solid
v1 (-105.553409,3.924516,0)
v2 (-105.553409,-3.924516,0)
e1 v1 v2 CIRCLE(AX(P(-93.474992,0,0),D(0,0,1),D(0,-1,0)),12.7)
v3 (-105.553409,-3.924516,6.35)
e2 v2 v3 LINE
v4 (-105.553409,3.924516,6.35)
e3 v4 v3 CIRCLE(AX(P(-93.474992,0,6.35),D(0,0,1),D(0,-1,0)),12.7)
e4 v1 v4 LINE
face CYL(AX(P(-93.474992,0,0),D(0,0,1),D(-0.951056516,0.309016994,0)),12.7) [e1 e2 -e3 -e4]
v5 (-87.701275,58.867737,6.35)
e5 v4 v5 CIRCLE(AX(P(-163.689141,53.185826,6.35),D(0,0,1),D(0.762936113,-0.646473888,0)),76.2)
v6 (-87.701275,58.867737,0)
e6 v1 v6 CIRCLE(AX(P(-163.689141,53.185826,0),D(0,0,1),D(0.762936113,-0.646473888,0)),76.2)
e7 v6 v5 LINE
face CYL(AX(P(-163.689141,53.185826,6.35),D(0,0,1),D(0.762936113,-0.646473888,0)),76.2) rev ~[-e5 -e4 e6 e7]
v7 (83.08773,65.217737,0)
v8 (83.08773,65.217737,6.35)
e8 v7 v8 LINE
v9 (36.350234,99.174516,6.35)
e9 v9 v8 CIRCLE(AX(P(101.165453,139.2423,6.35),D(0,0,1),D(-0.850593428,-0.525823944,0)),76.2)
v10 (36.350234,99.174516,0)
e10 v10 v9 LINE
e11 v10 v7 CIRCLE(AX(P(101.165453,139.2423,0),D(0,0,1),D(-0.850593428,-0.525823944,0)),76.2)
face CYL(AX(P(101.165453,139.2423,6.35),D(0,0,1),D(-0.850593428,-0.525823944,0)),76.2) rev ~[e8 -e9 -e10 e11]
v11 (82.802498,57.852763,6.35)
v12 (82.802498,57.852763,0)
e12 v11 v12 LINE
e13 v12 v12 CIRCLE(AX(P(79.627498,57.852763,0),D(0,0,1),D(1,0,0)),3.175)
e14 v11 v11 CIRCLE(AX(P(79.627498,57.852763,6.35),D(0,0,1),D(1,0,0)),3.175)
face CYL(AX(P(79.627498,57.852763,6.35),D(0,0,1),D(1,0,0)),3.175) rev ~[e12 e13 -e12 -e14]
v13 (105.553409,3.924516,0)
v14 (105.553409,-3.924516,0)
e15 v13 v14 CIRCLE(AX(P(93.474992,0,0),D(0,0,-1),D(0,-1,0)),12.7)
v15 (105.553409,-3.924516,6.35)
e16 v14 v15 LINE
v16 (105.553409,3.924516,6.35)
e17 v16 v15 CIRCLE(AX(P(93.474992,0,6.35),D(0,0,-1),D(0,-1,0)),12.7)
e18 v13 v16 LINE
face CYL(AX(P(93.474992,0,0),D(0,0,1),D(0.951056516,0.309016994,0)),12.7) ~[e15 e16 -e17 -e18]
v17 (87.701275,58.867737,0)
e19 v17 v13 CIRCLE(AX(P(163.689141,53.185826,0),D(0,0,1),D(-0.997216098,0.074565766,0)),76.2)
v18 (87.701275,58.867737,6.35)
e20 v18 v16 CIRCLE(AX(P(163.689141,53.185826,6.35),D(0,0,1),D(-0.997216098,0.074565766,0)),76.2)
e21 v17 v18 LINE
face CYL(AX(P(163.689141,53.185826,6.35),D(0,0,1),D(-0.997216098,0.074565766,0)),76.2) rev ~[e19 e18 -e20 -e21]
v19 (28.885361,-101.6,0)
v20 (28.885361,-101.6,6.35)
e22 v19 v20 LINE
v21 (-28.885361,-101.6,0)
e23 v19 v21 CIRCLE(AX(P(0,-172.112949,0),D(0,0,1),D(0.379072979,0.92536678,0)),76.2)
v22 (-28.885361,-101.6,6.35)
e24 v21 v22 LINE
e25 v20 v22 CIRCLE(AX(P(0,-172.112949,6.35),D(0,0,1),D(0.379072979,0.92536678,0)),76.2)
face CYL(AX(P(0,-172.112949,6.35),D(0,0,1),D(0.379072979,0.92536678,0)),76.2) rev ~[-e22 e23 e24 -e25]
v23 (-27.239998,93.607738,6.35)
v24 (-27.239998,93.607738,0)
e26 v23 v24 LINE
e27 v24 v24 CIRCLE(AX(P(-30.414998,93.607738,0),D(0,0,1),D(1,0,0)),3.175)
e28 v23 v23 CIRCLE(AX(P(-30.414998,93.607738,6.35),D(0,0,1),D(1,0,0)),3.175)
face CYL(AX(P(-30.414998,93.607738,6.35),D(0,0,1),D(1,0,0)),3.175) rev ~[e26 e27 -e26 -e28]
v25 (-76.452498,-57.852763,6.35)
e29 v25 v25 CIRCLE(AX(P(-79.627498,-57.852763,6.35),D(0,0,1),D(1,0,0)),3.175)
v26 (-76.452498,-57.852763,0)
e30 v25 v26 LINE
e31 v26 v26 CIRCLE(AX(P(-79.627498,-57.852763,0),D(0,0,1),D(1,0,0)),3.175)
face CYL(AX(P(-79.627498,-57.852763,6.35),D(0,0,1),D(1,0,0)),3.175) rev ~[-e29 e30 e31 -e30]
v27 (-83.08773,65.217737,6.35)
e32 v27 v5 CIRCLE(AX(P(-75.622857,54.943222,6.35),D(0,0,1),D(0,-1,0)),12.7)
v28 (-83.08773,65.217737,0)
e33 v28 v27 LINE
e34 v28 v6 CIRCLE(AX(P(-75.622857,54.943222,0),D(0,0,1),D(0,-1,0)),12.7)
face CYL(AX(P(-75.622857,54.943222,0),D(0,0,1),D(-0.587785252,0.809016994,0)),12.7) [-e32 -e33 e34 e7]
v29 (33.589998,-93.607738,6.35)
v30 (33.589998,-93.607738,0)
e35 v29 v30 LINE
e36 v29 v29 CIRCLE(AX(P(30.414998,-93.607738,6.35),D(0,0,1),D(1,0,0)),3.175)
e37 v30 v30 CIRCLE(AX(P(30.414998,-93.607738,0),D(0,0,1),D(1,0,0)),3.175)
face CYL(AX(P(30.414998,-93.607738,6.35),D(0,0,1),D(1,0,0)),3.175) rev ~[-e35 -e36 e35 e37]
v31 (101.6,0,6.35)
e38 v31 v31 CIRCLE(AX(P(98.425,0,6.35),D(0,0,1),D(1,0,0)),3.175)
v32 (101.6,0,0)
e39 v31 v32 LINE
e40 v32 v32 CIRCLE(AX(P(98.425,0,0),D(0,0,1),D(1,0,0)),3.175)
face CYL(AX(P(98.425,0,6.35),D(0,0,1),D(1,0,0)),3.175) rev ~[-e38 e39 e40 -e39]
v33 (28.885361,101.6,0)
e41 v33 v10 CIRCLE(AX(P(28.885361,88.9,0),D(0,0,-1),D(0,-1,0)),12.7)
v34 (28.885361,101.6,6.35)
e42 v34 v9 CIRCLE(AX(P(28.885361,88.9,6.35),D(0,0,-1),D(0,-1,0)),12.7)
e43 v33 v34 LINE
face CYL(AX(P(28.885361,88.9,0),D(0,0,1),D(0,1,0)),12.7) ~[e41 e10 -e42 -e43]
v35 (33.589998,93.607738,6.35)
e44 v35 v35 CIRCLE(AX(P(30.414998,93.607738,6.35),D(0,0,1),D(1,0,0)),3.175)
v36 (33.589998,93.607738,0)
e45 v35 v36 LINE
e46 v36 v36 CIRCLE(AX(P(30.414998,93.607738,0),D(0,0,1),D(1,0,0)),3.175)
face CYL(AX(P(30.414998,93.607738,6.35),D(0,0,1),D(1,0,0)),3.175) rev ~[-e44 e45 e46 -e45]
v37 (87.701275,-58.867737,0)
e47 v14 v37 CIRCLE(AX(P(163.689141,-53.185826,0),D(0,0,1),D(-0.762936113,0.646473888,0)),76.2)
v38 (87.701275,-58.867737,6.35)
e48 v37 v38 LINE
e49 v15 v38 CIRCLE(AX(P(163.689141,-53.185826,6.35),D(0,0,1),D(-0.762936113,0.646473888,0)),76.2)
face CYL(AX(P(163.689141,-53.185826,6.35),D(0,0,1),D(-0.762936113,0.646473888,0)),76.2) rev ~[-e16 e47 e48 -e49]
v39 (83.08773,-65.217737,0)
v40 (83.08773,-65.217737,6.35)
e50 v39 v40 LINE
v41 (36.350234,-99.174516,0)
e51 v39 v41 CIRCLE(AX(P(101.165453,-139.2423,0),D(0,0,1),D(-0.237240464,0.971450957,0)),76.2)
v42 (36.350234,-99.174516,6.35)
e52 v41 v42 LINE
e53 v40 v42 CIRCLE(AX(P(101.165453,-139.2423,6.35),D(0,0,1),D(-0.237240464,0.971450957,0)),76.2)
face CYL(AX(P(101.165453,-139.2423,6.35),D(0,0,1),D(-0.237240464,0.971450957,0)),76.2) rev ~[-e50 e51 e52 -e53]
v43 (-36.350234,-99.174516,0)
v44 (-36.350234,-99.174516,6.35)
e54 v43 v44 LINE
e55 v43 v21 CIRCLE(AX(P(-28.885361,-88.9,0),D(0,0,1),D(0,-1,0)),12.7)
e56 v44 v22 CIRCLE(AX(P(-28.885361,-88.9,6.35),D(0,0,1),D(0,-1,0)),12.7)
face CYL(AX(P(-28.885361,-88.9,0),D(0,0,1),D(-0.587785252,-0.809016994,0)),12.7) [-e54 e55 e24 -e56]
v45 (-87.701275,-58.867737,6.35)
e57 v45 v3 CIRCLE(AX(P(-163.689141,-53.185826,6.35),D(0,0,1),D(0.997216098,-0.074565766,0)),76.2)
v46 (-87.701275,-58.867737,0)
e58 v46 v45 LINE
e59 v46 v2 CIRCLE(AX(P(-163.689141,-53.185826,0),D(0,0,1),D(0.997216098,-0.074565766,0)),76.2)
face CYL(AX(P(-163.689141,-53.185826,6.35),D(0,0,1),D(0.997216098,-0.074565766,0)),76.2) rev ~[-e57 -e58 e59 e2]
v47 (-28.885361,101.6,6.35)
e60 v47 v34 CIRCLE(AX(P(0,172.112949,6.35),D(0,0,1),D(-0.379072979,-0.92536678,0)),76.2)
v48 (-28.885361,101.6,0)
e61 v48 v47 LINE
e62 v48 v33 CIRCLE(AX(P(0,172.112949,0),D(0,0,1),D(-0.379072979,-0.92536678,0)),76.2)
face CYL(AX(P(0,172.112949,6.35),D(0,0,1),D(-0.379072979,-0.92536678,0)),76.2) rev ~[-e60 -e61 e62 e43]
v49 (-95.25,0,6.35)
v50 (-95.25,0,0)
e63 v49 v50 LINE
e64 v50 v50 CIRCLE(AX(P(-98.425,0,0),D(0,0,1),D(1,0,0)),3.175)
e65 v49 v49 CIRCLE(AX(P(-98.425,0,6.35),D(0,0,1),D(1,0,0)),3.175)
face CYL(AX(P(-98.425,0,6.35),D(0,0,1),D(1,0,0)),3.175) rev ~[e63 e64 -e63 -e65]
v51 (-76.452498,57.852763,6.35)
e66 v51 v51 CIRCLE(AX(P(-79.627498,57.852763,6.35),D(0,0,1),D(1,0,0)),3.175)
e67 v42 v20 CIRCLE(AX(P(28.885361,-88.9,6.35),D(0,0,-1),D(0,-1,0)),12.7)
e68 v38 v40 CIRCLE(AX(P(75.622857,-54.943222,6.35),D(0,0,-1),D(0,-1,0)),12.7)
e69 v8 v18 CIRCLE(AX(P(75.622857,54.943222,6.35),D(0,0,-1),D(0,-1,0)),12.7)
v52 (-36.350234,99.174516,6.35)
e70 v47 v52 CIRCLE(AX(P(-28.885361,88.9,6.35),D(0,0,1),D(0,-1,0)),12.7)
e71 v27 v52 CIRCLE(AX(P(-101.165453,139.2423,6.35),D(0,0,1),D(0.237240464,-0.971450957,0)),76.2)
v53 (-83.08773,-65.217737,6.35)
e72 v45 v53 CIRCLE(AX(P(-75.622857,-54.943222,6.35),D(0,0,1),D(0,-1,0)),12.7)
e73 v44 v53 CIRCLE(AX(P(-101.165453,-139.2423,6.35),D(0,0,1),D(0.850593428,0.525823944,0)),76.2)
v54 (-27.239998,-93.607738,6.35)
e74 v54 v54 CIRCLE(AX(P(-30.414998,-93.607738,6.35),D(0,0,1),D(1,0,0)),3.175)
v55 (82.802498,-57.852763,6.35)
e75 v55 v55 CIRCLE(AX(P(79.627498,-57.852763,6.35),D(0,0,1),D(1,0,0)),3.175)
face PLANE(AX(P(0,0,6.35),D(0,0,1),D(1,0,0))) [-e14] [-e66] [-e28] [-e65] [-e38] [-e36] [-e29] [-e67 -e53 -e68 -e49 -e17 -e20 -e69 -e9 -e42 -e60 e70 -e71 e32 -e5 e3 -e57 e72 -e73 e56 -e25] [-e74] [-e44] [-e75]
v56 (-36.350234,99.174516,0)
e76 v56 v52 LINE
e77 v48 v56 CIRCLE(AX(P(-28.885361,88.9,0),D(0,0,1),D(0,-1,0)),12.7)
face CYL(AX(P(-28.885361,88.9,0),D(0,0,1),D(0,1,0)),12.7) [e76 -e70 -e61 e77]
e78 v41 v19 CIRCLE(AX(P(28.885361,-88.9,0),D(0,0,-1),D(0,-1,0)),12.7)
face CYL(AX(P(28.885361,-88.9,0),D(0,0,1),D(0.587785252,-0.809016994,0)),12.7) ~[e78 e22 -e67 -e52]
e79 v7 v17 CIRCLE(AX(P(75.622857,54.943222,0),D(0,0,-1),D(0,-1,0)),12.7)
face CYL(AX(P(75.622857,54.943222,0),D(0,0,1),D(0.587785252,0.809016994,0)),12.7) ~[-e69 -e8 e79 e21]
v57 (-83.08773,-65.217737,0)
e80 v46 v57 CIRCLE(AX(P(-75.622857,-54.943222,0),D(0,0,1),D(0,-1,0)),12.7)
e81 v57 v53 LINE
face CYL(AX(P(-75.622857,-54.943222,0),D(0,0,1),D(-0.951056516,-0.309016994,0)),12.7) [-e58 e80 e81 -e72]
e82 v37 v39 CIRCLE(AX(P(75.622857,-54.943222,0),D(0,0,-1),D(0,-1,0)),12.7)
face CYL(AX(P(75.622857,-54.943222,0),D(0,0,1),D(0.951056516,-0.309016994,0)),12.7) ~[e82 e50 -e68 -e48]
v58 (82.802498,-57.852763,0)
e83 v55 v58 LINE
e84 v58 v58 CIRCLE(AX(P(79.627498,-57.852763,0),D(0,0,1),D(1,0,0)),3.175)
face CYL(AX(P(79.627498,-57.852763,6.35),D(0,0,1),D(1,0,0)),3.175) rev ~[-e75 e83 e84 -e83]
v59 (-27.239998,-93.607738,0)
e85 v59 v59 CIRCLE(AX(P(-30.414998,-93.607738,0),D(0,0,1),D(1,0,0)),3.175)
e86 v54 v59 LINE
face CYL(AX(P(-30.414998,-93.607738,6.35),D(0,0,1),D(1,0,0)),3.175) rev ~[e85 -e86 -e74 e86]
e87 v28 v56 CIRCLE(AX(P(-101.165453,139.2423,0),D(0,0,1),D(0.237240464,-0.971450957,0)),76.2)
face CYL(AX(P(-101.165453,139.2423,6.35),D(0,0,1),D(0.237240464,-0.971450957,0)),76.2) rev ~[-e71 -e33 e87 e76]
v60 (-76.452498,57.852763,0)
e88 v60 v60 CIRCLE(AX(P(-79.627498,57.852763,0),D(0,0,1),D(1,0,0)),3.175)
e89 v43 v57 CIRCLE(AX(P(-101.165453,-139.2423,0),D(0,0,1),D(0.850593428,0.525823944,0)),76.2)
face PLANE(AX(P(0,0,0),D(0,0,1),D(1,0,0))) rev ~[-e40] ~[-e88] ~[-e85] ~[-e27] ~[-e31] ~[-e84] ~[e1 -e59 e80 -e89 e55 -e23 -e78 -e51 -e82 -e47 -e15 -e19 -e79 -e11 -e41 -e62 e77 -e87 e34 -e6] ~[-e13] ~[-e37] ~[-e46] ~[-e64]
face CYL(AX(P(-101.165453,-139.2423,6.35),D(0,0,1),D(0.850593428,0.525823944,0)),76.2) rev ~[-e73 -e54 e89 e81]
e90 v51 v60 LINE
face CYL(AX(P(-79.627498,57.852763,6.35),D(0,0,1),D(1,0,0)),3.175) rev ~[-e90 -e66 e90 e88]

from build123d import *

# Parameters (mm, degrees)
F1_DEPTH = 6.35
F2_R     = 3.175
F3_DEPTH = 6.35
F4_R     = 12.7
F6_DEPTH = 6.35


with BuildPart() as f1:
    # F0 (on Top) → F1 (new body)
    with BuildSketch(Plane.XY):
        Polygon((33.0118411373, 101.6), (-33.0118411373, 101.6), (-86.4261221286, 62.792253257), (-106.8285619826, 0), (-86.4261221286, -62.792253257), (-33.0118411373, -101.6), (33.0118411373, -101.6), (86.4261221286, -62.792253257), (106.8285619826, 0), (86.4261221286, 62.792253257), align=None)
    extrude(amount=F1_DEPTH)

    # F2 (on face) → F3 (cut, through all)
    with BuildSketch(Plane.XY.offset(6.35)):
        with Locations((-30.4149976714, 93.6077376164)):
            Circle(F2_R)
        with Locations((-79.6274976714, 57.8527634569)):
            Circle(F2_R)
        with Locations((-98.425, 0)):
            Circle(F2_R)
        with Locations((-79.6274976714, -57.8527634569)):
            Circle(F2_R)
        with Locations((-30.4149976714, -93.6077376164)):
            Circle(F2_R)
        with Locations((30.4149976714, -93.6077376164)):
            Circle(F2_R)
        with Locations((79.6274976714, -57.8527634569)):
            Circle(F2_R)
        with Locations((98.425, 0)):
            Circle(F2_R)
        with Locations((79.6274976714, 57.8527634569)):
            Circle(F2_R)
        with Locations((30.4149976714, 93.6077376164)):
            Circle(F2_R)
    extrude(amount=-F3_DEPTH, mode=Mode.SUBTRACT)

    # F4
    f4_edges = [f1.edges().sort_by_distance(p)[0] for p in [
        (-86.426122, 62.792253, 3.175),
        (-106.828562, 0, 3.175),
        (-86.426122, -62.792253, 3.175),
        (-33.011841, -101.6, 3.175),
        (33.011841, -101.6, 3.175),
        (86.426122, -62.792253, 3.175),
        (106.828562, 0, 3.175),
        (33.011841, 101.6, 3.175),
        (86.426122, 62.792253, 3.175),
        (-33.011841, 101.6, 3.175),
    ]]
    fillet(f4_edges, radius=F4_R)

    # F5 (on face) → F6 (cut, through all)
    with BuildSketch(Plane.XY.offset(6.35)):
        with BuildLine():
            Line((28.8853609951, 101.6), (-28.8853609951, 101.6))
            ThreePointArc((-28.8853609951, 101.6), (0, 95.9129485994), (28.8853609951, 101.6))
        make_face()
        with BuildLine():
            Line((-36.3502336992, 99.1745158286), (-83.0877295666, 65.2177374284))
            ThreePointArc((-83.0877295666, 65.2177374284), (-56.3762166906, 77.5952053975), (-36.3502336992, 99.1745158286))
        make_face()
        with BuildLine():
            Line((-87.7012746194, 58.8677374284), (-105.5534094917, 3.9245158286))
            ThreePointArc((-105.5534094917, 3.9245158286), (-91.2186347625, 29.6387310978), (-87.7012746194, 58.8677374284))
        make_face()
        with BuildLine():
            Line((-105.5534094917, -3.9245158286), (-87.7012746194, -58.8677374284))
            ThreePointArc((-87.7012746194, -58.8677374284), (-91.2186347625, -29.6387310978), (-105.5534094917, -3.9245158286))
        make_face()
        with BuildLine():
            Line((-83.0877295666, -65.2177374284), (-36.3502336992, -99.1745158286))
            ThreePointArc((-36.3502336992, -99.1745158286), (-56.3762166906, -77.5952053975), (-83.0877295666, -65.2177374284))
        make_face()
        with BuildLine():
            Line((-28.8853609951, -101.6), (28.8853609951, -101.6))
            ThreePointArc((28.8853609951, -101.6), (0, -95.9129485994), (-28.8853609951, -101.6))
        make_face()
        with BuildLine():
            Line((36.3502336992, -99.1745158286), (83.0877295666, -65.2177374284))
            ThreePointArc((83.0877295666, -65.2177374284), (56.3762166906, -77.5952053975), (36.3502336992, -99.1745158286))
        make_face()
        with BuildLine():
            Line((87.7012746194, -58.8677374284), (105.5534094917, -3.9245158286))
            ThreePointArc((105.5534094917, -3.9245158286), (91.2186347625, -29.6387310978), (87.7012746194, -58.8677374284))
        make_face()
        with BuildLine():
            Line((105.5534094917, 3.9245158286), (87.7012746194, 58.8677374284))
            ThreePointArc((87.7012746194, 58.8677374284), (91.2186347625, 29.6387310978), (105.5534094917, 3.9245158286))
        make_face()
        with BuildLine():
            Line((83.0877295666, 65.2177374284), (36.3502336992, 99.1745158286))
            ThreePointArc((36.3502336992, 99.1745158286), (56.3762166906, 77.5952053975), (83.0877295666, 65.2177374284))
        make_face()
    extrude(amount=-F6_DEPTH, mode=Mode.SUBTRACT)


solid = f1.part
